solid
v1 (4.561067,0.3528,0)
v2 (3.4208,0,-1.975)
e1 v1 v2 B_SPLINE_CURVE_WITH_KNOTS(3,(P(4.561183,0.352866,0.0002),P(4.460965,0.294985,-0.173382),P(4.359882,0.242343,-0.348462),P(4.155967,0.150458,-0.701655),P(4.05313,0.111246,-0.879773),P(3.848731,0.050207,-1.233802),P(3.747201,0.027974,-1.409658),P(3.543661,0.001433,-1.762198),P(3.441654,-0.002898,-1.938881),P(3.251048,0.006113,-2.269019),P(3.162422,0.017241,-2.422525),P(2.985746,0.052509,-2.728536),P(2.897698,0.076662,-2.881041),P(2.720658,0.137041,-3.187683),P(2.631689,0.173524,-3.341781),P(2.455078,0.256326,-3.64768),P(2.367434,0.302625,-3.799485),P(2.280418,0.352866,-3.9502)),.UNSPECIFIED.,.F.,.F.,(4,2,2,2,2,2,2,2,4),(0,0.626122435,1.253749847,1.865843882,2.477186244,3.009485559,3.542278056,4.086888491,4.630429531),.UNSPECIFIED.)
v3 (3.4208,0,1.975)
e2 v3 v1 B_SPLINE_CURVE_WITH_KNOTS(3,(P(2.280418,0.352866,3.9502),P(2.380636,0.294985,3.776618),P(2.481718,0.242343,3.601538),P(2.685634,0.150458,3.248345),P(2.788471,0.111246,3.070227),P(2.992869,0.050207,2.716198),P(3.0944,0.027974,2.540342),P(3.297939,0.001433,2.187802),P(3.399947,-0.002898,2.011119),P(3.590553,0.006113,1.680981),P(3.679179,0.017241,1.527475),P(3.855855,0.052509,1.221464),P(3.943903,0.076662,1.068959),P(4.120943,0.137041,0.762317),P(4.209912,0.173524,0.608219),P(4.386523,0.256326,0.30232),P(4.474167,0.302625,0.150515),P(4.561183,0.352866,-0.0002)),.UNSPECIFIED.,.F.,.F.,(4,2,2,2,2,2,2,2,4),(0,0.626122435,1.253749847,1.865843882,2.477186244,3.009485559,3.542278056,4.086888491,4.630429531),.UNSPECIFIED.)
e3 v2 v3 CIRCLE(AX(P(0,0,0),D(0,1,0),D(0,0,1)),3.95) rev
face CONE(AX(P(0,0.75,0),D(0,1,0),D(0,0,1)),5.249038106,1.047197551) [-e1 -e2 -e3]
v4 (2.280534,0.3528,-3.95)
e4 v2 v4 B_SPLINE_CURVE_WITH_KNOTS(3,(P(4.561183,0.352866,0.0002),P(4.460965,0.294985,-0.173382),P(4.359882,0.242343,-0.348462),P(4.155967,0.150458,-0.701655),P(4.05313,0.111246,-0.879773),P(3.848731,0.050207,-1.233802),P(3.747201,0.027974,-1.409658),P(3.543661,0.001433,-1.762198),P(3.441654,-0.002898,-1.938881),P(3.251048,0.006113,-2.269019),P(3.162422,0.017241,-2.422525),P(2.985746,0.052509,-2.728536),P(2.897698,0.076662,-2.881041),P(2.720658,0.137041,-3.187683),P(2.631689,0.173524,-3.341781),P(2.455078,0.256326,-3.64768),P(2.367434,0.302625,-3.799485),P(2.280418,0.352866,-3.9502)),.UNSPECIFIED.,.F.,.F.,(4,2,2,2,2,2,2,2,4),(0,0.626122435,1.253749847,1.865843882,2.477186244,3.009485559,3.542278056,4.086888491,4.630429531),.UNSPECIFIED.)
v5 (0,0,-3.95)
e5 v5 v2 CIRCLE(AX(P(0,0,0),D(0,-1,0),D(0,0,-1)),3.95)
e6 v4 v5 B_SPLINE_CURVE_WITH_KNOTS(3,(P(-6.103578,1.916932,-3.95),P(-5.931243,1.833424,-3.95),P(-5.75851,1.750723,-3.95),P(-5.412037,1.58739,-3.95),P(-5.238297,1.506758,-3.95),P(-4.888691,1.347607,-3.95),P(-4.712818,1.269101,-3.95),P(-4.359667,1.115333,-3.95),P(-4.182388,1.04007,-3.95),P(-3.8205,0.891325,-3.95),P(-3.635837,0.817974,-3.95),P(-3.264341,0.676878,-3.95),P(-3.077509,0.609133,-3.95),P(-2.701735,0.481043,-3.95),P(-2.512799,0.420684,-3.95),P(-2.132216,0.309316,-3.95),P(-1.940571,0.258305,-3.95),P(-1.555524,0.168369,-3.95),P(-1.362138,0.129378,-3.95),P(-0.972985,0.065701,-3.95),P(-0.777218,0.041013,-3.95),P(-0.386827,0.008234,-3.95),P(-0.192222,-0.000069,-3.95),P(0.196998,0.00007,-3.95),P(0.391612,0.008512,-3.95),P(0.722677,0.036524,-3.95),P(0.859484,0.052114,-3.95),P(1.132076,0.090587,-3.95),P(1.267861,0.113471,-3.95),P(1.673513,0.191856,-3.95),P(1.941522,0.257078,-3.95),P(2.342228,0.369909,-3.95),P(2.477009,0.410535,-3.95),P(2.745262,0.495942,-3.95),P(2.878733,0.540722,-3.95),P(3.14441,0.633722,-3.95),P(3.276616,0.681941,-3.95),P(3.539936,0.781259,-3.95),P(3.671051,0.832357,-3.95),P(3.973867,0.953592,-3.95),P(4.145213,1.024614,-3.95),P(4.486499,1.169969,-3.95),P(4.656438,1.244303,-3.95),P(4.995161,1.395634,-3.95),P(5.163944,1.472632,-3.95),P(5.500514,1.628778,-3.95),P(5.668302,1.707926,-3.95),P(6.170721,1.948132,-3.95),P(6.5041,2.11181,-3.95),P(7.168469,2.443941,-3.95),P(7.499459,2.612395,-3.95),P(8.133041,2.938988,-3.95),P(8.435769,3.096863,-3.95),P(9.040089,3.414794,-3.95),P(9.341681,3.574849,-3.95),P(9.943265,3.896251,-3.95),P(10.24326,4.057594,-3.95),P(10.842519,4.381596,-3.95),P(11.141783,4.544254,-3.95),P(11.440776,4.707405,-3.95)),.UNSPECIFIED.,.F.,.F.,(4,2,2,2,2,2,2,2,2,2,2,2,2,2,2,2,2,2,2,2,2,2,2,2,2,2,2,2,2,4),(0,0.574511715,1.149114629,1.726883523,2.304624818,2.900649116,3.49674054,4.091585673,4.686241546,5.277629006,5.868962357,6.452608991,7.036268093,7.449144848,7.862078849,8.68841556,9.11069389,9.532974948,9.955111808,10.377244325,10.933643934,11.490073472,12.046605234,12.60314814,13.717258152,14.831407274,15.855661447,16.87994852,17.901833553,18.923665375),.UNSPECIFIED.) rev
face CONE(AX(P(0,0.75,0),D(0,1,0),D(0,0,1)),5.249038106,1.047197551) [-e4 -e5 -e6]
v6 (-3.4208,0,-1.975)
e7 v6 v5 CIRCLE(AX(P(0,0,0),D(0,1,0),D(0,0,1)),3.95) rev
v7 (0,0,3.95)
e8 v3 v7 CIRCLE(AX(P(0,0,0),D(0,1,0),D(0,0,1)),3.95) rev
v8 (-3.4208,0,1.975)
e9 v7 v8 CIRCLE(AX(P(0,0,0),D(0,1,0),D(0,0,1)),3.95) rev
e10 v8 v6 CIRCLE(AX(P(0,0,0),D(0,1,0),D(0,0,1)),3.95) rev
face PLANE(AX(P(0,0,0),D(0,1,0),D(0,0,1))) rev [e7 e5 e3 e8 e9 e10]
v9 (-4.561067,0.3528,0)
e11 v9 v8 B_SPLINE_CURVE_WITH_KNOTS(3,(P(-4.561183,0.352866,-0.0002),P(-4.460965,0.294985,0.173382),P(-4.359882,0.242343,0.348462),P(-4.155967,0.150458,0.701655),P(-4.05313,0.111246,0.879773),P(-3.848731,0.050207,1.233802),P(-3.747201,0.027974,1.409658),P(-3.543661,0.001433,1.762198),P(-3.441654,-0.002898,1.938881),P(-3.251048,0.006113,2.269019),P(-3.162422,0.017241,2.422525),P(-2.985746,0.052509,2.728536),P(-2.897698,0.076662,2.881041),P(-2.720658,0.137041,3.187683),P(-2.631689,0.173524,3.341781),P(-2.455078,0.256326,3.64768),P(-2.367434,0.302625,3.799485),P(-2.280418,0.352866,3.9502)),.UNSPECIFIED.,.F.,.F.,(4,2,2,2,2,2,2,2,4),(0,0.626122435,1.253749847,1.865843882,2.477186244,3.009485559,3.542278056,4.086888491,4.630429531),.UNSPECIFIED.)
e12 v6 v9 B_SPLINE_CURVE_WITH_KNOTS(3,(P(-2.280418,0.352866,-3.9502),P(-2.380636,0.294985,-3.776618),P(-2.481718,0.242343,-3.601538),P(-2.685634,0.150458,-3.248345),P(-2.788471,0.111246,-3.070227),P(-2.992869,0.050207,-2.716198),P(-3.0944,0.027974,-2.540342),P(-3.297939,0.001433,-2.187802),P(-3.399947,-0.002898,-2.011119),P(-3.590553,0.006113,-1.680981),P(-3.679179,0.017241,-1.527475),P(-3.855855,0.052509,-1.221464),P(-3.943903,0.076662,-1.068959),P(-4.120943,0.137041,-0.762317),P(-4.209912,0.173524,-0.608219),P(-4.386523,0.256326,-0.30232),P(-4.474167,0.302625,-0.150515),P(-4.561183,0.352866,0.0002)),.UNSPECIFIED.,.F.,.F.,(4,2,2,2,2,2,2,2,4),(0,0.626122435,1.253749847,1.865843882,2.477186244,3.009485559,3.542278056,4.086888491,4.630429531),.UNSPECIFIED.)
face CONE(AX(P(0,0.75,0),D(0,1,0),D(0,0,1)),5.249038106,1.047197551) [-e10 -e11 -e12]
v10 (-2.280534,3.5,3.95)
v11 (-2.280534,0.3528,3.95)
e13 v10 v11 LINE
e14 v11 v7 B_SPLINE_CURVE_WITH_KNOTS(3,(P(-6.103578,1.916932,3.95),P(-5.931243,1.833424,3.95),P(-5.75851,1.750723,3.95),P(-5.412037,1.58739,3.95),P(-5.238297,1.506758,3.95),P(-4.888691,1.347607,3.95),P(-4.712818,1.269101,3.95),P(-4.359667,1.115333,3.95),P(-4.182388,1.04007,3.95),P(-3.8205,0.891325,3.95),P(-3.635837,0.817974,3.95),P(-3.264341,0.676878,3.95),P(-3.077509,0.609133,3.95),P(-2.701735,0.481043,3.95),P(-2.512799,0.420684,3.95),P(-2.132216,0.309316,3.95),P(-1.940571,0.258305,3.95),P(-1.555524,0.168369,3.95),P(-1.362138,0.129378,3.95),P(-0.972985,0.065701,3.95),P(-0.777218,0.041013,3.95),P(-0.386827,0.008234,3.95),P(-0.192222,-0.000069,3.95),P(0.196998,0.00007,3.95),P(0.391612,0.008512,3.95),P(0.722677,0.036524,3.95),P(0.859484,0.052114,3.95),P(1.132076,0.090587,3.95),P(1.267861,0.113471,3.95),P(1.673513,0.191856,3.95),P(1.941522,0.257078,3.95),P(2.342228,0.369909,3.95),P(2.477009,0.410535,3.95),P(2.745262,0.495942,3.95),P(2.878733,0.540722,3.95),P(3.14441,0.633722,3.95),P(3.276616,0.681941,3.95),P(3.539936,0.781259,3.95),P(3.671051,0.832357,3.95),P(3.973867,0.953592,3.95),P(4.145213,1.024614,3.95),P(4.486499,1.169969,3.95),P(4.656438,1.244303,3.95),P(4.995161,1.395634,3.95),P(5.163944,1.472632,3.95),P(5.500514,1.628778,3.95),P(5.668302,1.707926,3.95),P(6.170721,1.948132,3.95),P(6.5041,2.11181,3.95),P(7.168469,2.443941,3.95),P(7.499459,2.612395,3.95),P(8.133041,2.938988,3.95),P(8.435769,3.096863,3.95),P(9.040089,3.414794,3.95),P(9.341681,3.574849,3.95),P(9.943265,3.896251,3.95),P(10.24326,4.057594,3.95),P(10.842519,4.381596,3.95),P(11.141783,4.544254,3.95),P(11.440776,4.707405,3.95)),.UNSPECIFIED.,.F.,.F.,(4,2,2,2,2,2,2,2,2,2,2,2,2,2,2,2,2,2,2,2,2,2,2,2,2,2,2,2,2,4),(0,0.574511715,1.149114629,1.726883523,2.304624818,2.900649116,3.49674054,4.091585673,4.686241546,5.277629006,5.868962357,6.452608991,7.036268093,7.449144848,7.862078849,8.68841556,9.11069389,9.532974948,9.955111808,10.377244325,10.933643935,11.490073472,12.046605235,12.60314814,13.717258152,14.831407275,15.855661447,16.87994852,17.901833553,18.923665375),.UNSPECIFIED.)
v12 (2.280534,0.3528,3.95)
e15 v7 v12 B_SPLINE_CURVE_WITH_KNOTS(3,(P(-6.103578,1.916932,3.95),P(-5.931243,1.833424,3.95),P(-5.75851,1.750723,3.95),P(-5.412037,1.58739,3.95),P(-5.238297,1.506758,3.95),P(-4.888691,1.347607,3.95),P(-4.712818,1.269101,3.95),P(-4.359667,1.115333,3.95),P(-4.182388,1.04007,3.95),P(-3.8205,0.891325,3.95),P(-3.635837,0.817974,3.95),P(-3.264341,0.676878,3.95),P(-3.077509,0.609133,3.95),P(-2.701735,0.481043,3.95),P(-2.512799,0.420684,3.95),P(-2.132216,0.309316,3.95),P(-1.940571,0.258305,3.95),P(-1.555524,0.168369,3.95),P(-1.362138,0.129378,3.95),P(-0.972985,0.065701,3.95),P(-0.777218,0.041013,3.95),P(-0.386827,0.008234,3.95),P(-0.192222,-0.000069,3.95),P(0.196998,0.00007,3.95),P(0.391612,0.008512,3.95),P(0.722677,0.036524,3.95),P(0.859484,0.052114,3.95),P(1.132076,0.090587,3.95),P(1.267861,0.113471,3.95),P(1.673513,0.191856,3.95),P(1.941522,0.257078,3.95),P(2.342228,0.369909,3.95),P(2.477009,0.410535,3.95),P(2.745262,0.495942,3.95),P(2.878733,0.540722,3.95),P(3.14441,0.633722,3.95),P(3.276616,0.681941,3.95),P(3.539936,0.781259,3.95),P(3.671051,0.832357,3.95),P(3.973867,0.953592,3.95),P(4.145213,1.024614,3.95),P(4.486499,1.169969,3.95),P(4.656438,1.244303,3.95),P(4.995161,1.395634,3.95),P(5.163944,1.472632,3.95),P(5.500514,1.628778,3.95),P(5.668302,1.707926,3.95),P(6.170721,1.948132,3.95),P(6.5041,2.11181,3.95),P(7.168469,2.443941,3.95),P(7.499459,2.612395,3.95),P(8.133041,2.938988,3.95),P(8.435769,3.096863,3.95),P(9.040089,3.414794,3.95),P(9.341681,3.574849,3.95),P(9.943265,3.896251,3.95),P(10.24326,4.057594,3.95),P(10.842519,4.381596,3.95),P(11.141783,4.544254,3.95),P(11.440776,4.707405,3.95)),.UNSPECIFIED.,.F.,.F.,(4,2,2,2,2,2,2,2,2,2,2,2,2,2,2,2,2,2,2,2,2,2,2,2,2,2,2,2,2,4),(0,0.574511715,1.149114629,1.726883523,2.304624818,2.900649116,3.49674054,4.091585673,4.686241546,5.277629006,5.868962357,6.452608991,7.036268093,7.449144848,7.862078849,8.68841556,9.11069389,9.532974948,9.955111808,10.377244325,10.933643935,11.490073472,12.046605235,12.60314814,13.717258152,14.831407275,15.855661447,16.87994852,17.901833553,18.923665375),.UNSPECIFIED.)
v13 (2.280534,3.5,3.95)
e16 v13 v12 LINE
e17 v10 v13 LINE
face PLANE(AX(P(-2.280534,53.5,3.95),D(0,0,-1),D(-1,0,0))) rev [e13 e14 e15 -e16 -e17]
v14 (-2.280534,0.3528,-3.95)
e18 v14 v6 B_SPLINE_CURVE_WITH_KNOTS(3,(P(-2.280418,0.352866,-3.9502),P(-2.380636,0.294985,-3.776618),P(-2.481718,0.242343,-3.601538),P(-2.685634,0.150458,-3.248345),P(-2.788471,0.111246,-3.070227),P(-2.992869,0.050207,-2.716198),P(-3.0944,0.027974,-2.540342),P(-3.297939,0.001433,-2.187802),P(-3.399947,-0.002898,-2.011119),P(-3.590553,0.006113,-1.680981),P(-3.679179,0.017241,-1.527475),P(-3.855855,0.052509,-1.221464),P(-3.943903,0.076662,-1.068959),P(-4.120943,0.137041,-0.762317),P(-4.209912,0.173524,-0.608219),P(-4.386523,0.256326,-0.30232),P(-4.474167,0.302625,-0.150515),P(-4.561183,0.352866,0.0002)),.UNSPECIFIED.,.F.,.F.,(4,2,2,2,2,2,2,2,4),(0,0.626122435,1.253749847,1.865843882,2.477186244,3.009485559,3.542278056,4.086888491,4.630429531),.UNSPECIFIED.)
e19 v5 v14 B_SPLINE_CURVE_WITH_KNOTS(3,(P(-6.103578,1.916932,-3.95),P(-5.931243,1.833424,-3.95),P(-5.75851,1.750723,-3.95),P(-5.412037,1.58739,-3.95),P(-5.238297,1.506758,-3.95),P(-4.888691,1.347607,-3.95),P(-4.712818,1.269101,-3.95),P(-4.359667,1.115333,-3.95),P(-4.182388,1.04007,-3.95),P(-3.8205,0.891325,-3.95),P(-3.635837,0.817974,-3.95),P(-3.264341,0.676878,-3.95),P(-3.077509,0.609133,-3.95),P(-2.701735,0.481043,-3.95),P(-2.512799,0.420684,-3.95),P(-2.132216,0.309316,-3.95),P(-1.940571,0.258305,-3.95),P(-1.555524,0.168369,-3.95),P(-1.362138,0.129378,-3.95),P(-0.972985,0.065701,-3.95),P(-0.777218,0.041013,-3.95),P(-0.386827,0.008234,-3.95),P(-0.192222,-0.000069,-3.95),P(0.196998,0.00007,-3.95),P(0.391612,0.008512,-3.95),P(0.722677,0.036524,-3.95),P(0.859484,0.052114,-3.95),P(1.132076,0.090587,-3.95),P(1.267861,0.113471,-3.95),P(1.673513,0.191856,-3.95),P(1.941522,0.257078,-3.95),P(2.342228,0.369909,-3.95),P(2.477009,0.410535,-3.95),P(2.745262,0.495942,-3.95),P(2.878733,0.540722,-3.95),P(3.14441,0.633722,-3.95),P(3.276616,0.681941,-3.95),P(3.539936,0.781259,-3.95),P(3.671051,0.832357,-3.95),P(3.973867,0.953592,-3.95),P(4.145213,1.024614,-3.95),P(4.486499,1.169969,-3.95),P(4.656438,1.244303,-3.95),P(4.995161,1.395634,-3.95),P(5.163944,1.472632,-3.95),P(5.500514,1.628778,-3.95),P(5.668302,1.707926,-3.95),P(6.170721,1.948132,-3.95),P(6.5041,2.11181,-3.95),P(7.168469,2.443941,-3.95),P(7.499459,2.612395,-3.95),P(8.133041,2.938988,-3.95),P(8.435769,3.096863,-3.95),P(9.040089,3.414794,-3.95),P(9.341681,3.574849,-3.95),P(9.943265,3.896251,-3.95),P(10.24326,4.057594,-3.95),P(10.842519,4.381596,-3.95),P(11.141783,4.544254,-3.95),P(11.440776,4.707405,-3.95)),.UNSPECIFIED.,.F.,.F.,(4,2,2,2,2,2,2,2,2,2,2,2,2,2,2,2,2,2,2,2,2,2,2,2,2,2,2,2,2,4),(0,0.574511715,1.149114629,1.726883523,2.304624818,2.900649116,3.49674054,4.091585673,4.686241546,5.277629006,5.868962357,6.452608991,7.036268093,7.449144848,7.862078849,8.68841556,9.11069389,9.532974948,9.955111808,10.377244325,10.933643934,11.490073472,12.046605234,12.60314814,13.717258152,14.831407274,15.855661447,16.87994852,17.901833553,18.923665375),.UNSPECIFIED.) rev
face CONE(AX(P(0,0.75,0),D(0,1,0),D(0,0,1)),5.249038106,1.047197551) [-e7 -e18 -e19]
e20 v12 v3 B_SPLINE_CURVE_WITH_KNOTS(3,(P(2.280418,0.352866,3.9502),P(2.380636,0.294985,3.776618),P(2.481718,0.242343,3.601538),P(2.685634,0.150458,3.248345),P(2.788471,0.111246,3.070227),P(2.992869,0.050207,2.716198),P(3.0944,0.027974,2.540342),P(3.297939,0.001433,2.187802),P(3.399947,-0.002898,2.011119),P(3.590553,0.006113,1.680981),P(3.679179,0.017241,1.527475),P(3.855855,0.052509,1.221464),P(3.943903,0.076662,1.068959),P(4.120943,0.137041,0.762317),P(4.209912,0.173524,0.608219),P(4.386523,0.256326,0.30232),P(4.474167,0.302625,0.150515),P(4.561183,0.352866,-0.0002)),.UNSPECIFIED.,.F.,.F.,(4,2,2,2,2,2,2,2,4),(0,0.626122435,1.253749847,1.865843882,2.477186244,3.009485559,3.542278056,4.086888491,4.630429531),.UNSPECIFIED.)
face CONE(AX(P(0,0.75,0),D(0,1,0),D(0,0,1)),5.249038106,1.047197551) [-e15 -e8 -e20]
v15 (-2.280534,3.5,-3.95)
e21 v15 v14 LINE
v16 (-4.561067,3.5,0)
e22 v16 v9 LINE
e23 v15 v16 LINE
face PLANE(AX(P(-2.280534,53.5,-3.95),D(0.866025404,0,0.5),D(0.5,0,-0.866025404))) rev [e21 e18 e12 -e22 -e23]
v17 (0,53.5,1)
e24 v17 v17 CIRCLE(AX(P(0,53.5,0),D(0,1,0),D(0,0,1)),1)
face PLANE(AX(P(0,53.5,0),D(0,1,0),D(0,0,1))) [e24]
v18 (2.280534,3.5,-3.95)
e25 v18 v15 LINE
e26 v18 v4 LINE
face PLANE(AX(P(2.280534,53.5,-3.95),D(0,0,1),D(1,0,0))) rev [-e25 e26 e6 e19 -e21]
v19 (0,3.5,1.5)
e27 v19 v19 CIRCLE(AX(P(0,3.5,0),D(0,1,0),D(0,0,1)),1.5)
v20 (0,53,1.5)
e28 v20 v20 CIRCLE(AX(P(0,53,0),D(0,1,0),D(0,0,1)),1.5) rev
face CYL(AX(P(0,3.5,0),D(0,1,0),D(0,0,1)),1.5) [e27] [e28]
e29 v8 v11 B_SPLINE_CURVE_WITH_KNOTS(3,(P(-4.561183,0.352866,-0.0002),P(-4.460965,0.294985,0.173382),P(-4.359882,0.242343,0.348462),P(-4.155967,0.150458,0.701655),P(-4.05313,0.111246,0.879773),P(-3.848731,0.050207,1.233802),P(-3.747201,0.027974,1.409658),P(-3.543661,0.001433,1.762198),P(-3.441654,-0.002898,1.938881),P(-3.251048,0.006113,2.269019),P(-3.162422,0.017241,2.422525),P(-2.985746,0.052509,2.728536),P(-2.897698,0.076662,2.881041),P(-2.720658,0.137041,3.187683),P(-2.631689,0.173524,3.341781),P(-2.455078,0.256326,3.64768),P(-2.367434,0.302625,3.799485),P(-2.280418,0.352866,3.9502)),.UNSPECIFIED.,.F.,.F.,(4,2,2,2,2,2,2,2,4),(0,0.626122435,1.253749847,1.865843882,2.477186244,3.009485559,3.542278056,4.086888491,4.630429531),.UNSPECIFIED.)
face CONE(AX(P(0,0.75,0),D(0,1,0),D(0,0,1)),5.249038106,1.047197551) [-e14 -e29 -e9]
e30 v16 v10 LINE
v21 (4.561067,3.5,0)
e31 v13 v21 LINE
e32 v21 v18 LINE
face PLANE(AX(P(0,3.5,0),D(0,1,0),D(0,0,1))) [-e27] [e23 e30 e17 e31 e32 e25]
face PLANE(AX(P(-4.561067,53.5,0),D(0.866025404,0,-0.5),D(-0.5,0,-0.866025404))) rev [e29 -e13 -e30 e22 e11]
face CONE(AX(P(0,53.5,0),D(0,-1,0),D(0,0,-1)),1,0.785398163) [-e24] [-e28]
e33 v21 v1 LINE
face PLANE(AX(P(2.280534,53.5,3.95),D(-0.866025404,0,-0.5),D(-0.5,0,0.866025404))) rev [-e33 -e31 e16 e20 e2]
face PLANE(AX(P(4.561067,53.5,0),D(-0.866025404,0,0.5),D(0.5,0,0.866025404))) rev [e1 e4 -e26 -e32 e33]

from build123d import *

# Parameters (mm, degrees)
BOSS_EXTRUDE1_DEPTH = 53.5
SKETCH2_OUTSIDE_W   = 22.09
SKETCH2_OUTSIDE_H   = 20.868
SKETCH2_OUTSIDE_R   = 1.5
CUT_EXTRUDE1_DEPTH  = 50
CHAMFER1_SIZE       = 0.5


with BuildPart() as part:
    # Sketch1 → Boss-Extrude1 (new body)
    with BuildSketch(Plane(origin=(0, 0, 0), x_dir=(1, 0, 0), z_dir=(0, 1, 0))):
        Polygon((4.561067127, 0), (2.280533563, 3.95), (-2.280533563, 3.95), (-4.561067127, 0), (-2.280533563, -3.95), (2.280533563, -3.95), align=None)
    extrude(amount=BOSS_EXTRUDE1_DEPTH)

    # Sketch2 outside → Cut-Extrude1 (cut)
    with BuildSketch(Plane(origin=(0, 53.5, 0), x_dir=(1, 0, 0), z_dir=(0, 1, 0))):
        Rectangle(SKETCH2_OUTSIDE_W, SKETCH2_OUTSIDE_H)
        with Locations(Location((0, 0, 0), (0, 0, 270))):
            Circle(SKETCH2_OUTSIDE_R, mode=Mode.SUBTRACT)
    extrude(amount=-CUT_EXTRUDE1_DEPTH, mode=Mode.SUBTRACT)

    # Sketch3 → Cut-Revolve1 (revolve, cut)
    with BuildSketch(Plane(origin=(0, 0, 0), x_dir=(0, 0, -1), z_dir=(1, 0, 0))):
        Polygon((3.95, 0), (5.249038106, 0.75), (5.249038106, -0.75), align=None)
    revolve(axis=Axis((0, 3.5, 0), (0, 1, 0)), mode=Mode.SUBTRACT)

    # Chamfer1
    chamfer1_edges = [part.edges().sort_by_distance(p)[0] for p in [
        (0, 53.5, -1.5),
    ]]
    chamfer(chamfer1_edges, length=CHAMFER1_SIZE)


solid = part.part
